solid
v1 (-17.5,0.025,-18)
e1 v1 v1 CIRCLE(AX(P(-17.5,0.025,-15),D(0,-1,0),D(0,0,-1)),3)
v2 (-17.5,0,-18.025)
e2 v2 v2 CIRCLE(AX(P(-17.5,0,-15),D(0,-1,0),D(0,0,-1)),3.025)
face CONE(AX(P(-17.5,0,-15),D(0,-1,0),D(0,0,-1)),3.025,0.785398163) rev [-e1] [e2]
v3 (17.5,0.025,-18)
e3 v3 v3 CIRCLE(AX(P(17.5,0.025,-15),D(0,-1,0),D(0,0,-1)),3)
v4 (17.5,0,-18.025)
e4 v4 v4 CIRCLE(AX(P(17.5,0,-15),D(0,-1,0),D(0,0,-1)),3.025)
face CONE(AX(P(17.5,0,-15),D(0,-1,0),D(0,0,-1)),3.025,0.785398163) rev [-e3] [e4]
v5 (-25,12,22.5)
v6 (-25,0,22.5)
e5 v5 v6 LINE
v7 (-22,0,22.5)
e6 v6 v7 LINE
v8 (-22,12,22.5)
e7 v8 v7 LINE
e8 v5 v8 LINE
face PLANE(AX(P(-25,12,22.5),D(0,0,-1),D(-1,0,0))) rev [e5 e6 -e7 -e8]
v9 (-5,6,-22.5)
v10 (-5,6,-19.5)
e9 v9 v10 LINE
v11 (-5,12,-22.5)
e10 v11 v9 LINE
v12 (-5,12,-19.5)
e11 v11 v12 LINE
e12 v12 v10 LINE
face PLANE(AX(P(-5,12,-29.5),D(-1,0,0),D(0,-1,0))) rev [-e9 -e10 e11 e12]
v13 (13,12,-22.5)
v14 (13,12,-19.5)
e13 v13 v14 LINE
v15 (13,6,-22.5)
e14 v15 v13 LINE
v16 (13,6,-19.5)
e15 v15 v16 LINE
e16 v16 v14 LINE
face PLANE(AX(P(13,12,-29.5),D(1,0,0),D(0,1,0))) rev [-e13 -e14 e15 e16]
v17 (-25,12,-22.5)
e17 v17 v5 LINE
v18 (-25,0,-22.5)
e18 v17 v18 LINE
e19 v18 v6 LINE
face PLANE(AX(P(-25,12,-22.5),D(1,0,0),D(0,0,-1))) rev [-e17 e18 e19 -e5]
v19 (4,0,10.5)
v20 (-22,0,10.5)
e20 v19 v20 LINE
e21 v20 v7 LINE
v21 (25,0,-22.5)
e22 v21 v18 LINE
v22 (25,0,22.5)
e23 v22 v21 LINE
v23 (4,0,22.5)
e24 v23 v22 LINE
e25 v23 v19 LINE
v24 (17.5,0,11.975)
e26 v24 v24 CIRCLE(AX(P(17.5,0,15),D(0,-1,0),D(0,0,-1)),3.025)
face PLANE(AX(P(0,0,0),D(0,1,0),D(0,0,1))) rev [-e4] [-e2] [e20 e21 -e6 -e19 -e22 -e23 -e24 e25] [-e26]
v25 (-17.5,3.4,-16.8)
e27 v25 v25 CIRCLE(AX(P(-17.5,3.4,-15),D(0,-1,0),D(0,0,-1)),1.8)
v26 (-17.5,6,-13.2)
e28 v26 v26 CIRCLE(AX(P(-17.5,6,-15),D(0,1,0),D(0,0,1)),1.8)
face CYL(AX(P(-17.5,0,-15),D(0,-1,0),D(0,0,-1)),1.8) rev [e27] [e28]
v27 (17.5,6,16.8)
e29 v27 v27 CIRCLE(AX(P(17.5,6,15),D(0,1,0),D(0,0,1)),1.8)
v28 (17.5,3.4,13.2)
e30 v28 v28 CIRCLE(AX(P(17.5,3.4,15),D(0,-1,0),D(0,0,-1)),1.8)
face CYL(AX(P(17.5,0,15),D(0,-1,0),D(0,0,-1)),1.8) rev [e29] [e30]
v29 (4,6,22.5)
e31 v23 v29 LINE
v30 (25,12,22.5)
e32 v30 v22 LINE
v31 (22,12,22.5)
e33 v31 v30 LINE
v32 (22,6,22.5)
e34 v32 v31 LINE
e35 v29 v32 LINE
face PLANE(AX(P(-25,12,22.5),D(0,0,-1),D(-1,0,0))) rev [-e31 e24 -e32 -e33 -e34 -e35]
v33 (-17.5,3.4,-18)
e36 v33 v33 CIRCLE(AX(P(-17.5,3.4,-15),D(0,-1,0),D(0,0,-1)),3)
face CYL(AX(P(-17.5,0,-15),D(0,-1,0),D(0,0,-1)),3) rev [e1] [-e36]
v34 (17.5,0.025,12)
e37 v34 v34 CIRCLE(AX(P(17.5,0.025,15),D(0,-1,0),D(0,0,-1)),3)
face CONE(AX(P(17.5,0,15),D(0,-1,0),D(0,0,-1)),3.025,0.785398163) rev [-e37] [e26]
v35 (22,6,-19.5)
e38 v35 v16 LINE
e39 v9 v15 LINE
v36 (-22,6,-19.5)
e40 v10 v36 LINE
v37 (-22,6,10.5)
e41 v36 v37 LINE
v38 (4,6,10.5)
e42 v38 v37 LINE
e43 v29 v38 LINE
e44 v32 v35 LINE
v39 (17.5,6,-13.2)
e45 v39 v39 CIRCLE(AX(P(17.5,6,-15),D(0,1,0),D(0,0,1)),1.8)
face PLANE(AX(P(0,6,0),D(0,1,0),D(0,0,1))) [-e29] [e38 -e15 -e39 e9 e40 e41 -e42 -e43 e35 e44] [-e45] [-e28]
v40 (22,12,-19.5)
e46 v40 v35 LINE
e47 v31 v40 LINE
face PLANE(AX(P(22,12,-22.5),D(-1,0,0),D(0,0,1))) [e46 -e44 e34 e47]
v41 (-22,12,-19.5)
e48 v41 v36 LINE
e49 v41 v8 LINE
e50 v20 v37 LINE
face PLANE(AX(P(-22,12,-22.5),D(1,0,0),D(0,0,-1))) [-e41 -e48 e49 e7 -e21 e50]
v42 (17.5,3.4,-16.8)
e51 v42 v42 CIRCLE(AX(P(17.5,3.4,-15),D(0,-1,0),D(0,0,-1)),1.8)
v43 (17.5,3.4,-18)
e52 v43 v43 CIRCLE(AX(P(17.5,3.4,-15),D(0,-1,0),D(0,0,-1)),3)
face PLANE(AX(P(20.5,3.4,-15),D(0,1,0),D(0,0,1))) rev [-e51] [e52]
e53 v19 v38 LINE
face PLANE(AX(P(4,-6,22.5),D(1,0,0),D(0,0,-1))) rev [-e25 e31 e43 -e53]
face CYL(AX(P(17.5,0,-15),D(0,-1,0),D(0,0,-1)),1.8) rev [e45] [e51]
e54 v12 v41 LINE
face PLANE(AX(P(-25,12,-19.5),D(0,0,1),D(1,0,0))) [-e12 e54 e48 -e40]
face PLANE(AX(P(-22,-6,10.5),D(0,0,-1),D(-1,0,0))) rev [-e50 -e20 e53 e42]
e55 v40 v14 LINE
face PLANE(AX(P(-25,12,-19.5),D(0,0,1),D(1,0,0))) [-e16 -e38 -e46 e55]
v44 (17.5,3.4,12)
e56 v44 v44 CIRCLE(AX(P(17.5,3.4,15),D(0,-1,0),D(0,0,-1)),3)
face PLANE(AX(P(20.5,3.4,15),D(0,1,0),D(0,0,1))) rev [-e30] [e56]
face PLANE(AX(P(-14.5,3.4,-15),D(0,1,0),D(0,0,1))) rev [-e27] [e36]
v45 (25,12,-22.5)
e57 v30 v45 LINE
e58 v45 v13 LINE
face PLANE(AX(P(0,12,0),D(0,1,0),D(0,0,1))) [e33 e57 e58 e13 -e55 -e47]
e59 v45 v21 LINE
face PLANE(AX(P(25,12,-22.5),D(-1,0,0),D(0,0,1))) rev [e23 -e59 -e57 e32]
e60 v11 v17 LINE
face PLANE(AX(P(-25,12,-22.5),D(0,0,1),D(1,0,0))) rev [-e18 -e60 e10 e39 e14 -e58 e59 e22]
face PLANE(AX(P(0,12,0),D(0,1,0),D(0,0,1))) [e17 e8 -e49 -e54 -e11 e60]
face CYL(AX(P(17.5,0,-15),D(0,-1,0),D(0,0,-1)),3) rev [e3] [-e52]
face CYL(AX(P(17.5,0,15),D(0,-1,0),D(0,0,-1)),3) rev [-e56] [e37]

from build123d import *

# Parameters (mm, degrees)
SKETCH_1_W                 = 50
SKETCH_1_H                 = 45
EXTRUDE_1_DEPTH            = 12
SHELL_1_T                  = -3
SHELL_1_THICKNESS_2_FACE_W = 39
SHELL_1_THICKNESS_2_FACE_H = 44
SHELL_1_THICKNESS_2_DEPTH  = 3
HOLE_WIZARD_1_AT_2_COUNT   = 2
HOLE_WIZARD_1_AT_2_PITCH   = 35
HOLE_WIZARD_1_AT_3_COUNT   = 2
HOLE_WIZARD_1_AT_3_PITCH   = 46.097722286
HOLE_WIZARD_1_AT_4_COUNT   = 2
HOLE_WIZARD_1_AT_4_PITCH   = 30
CUT_EXTRUDE_START          = -40
SKETCH_4_W                 = 18
SKETCH_4_H                 = 6
CUT_EXTRUDE_1_DEPTH        = 12
SKETCH_5_W                 = 44
SKETCH_5_H                 = 6
CUT_EXTRUDE_2_DEPTH        = 12
SKETCH_6_W                 = 26
SKETCH_6_H                 = 12
CUT_EXTRUDE_3_DEPTH        = 12


with BuildPart() as part:
    # 草图1 → 凸台-拉伸1 (new body)
    with BuildSketch(Plane(origin=(0, 0, 0), x_dir=(1, 0, 0), z_dir=(0, 1, 0))):
        Rectangle(SKETCH_1_W, SKETCH_1_H)
    extrude(amount=EXTRUDE_1_DEPTH)

    # 抽壳1
    shell_1_openings = [part.faces().sort_by_distance(p)[0] for p in [
        (0, 12, 0),
    ]]
    offset(amount=SHELL_1_T, openings=shell_1_openings, kind=Kind.INTERSECTION)

    # 抽壳1 thickness 2 face (on inner face of the shell) → 抽壳1 thickness 2 (add)
    with BuildSketch(Plane(origin=(0, 3, 0), x_dir=(0, 0, -1), z_dir=(0, -1, 0))):
        Rectangle(SHELL_1_THICKNESS_2_FACE_W, SHELL_1_THICKNESS_2_FACE_H)
    extrude(amount=-SHELL_1_THICKNESS_2_DEPTH)

    # 草图3 → 打孔尺寸(%根据)内六角圆柱头螺钉的类型1 (revolve, cut)
    with BuildSketch(Plane(origin=(-17.5, 0, 15), x_dir=(0, 0, -1), z_dir=(1, 0, 0))):
        Polygon((0, 0), (0, 12), (1.8, 12), (1.8, 3.4), (3, 3.4), (3, 0.025), (3.025, 0), align=None)
    hole_wizard_1 = revolve(axis=Axis((-17.5, -6.35, 15), (0, 1, 0)), mode=Mode.SUBTRACT)

    # 打孔尺寸(%根据)内六角圆柱头螺钉的类型1 at 2: 打孔尺寸(%根据)内六角圆柱头螺钉的类型1 ×2
    with Locations(*[(i * HOLE_WIZARD_1_AT_2_PITCH, 0, 0) for i in range(1, HOLE_WIZARD_1_AT_2_COUNT)]):
        add(hole_wizard_1, mode=Mode.SUBTRACT)

    # 打孔尺寸(%根据)内六角圆柱头螺钉的类型1 at 3: 打孔尺寸(%根据)内六角圆柱头螺钉的类型1 ×2
    with Locations(*[Vector(0.7592566023652966, 0, -0.6507913734559685) * (i * HOLE_WIZARD_1_AT_3_PITCH) for i in range(1, HOLE_WIZARD_1_AT_3_COUNT)]):
        add(hole_wizard_1, mode=Mode.SUBTRACT)

    # 打孔尺寸(%根据)内六角圆柱头螺钉的类型1 at 4: 打孔尺寸(%根据)内六角圆柱头螺钉的类型1 ×2
    with Locations(*[(0, 0, -i * HOLE_WIZARD_1_AT_4_PITCH) for i in range(1, HOLE_WIZARD_1_AT_4_COUNT)]):
        add(hole_wizard_1, mode=Mode.SUBTRACT)

    # 草图4 → 切除-拉伸1 (cut)
    with BuildSketch(Plane.XY.offset(22.5).offset(CUT_EXTRUDE_START)):
        with Locations((4, 9)):
            Rectangle(SKETCH_4_W, SKETCH_4_H)
    extrude(amount=-CUT_EXTRUDE_1_DEPTH, mode=Mode.SUBTRACT)

    # 草图5 → 切除-拉伸2 (cut)
    with BuildSketch(Plane.XY.offset(22.5)):
        with Locations((0, 9)):
            Rectangle(SKETCH_5_W, SKETCH_5_H)
    extrude(amount=-CUT_EXTRUDE_2_DEPTH, mode=Mode.SUBTRACT)

    # 草图6 → 切除-拉伸3 (cut)
    with BuildSketch(Plane(origin=(0, 6, 0), x_dir=(1, 0, 0), z_dir=(0, 1, 0))):
        with Locations((-9, -16.5)):
            Rectangle(SKETCH_6_W, SKETCH_6_H)
    extrude(amount=-CUT_EXTRUDE_3_DEPTH, mode=Mode.SUBTRACT)


solid = part.part
